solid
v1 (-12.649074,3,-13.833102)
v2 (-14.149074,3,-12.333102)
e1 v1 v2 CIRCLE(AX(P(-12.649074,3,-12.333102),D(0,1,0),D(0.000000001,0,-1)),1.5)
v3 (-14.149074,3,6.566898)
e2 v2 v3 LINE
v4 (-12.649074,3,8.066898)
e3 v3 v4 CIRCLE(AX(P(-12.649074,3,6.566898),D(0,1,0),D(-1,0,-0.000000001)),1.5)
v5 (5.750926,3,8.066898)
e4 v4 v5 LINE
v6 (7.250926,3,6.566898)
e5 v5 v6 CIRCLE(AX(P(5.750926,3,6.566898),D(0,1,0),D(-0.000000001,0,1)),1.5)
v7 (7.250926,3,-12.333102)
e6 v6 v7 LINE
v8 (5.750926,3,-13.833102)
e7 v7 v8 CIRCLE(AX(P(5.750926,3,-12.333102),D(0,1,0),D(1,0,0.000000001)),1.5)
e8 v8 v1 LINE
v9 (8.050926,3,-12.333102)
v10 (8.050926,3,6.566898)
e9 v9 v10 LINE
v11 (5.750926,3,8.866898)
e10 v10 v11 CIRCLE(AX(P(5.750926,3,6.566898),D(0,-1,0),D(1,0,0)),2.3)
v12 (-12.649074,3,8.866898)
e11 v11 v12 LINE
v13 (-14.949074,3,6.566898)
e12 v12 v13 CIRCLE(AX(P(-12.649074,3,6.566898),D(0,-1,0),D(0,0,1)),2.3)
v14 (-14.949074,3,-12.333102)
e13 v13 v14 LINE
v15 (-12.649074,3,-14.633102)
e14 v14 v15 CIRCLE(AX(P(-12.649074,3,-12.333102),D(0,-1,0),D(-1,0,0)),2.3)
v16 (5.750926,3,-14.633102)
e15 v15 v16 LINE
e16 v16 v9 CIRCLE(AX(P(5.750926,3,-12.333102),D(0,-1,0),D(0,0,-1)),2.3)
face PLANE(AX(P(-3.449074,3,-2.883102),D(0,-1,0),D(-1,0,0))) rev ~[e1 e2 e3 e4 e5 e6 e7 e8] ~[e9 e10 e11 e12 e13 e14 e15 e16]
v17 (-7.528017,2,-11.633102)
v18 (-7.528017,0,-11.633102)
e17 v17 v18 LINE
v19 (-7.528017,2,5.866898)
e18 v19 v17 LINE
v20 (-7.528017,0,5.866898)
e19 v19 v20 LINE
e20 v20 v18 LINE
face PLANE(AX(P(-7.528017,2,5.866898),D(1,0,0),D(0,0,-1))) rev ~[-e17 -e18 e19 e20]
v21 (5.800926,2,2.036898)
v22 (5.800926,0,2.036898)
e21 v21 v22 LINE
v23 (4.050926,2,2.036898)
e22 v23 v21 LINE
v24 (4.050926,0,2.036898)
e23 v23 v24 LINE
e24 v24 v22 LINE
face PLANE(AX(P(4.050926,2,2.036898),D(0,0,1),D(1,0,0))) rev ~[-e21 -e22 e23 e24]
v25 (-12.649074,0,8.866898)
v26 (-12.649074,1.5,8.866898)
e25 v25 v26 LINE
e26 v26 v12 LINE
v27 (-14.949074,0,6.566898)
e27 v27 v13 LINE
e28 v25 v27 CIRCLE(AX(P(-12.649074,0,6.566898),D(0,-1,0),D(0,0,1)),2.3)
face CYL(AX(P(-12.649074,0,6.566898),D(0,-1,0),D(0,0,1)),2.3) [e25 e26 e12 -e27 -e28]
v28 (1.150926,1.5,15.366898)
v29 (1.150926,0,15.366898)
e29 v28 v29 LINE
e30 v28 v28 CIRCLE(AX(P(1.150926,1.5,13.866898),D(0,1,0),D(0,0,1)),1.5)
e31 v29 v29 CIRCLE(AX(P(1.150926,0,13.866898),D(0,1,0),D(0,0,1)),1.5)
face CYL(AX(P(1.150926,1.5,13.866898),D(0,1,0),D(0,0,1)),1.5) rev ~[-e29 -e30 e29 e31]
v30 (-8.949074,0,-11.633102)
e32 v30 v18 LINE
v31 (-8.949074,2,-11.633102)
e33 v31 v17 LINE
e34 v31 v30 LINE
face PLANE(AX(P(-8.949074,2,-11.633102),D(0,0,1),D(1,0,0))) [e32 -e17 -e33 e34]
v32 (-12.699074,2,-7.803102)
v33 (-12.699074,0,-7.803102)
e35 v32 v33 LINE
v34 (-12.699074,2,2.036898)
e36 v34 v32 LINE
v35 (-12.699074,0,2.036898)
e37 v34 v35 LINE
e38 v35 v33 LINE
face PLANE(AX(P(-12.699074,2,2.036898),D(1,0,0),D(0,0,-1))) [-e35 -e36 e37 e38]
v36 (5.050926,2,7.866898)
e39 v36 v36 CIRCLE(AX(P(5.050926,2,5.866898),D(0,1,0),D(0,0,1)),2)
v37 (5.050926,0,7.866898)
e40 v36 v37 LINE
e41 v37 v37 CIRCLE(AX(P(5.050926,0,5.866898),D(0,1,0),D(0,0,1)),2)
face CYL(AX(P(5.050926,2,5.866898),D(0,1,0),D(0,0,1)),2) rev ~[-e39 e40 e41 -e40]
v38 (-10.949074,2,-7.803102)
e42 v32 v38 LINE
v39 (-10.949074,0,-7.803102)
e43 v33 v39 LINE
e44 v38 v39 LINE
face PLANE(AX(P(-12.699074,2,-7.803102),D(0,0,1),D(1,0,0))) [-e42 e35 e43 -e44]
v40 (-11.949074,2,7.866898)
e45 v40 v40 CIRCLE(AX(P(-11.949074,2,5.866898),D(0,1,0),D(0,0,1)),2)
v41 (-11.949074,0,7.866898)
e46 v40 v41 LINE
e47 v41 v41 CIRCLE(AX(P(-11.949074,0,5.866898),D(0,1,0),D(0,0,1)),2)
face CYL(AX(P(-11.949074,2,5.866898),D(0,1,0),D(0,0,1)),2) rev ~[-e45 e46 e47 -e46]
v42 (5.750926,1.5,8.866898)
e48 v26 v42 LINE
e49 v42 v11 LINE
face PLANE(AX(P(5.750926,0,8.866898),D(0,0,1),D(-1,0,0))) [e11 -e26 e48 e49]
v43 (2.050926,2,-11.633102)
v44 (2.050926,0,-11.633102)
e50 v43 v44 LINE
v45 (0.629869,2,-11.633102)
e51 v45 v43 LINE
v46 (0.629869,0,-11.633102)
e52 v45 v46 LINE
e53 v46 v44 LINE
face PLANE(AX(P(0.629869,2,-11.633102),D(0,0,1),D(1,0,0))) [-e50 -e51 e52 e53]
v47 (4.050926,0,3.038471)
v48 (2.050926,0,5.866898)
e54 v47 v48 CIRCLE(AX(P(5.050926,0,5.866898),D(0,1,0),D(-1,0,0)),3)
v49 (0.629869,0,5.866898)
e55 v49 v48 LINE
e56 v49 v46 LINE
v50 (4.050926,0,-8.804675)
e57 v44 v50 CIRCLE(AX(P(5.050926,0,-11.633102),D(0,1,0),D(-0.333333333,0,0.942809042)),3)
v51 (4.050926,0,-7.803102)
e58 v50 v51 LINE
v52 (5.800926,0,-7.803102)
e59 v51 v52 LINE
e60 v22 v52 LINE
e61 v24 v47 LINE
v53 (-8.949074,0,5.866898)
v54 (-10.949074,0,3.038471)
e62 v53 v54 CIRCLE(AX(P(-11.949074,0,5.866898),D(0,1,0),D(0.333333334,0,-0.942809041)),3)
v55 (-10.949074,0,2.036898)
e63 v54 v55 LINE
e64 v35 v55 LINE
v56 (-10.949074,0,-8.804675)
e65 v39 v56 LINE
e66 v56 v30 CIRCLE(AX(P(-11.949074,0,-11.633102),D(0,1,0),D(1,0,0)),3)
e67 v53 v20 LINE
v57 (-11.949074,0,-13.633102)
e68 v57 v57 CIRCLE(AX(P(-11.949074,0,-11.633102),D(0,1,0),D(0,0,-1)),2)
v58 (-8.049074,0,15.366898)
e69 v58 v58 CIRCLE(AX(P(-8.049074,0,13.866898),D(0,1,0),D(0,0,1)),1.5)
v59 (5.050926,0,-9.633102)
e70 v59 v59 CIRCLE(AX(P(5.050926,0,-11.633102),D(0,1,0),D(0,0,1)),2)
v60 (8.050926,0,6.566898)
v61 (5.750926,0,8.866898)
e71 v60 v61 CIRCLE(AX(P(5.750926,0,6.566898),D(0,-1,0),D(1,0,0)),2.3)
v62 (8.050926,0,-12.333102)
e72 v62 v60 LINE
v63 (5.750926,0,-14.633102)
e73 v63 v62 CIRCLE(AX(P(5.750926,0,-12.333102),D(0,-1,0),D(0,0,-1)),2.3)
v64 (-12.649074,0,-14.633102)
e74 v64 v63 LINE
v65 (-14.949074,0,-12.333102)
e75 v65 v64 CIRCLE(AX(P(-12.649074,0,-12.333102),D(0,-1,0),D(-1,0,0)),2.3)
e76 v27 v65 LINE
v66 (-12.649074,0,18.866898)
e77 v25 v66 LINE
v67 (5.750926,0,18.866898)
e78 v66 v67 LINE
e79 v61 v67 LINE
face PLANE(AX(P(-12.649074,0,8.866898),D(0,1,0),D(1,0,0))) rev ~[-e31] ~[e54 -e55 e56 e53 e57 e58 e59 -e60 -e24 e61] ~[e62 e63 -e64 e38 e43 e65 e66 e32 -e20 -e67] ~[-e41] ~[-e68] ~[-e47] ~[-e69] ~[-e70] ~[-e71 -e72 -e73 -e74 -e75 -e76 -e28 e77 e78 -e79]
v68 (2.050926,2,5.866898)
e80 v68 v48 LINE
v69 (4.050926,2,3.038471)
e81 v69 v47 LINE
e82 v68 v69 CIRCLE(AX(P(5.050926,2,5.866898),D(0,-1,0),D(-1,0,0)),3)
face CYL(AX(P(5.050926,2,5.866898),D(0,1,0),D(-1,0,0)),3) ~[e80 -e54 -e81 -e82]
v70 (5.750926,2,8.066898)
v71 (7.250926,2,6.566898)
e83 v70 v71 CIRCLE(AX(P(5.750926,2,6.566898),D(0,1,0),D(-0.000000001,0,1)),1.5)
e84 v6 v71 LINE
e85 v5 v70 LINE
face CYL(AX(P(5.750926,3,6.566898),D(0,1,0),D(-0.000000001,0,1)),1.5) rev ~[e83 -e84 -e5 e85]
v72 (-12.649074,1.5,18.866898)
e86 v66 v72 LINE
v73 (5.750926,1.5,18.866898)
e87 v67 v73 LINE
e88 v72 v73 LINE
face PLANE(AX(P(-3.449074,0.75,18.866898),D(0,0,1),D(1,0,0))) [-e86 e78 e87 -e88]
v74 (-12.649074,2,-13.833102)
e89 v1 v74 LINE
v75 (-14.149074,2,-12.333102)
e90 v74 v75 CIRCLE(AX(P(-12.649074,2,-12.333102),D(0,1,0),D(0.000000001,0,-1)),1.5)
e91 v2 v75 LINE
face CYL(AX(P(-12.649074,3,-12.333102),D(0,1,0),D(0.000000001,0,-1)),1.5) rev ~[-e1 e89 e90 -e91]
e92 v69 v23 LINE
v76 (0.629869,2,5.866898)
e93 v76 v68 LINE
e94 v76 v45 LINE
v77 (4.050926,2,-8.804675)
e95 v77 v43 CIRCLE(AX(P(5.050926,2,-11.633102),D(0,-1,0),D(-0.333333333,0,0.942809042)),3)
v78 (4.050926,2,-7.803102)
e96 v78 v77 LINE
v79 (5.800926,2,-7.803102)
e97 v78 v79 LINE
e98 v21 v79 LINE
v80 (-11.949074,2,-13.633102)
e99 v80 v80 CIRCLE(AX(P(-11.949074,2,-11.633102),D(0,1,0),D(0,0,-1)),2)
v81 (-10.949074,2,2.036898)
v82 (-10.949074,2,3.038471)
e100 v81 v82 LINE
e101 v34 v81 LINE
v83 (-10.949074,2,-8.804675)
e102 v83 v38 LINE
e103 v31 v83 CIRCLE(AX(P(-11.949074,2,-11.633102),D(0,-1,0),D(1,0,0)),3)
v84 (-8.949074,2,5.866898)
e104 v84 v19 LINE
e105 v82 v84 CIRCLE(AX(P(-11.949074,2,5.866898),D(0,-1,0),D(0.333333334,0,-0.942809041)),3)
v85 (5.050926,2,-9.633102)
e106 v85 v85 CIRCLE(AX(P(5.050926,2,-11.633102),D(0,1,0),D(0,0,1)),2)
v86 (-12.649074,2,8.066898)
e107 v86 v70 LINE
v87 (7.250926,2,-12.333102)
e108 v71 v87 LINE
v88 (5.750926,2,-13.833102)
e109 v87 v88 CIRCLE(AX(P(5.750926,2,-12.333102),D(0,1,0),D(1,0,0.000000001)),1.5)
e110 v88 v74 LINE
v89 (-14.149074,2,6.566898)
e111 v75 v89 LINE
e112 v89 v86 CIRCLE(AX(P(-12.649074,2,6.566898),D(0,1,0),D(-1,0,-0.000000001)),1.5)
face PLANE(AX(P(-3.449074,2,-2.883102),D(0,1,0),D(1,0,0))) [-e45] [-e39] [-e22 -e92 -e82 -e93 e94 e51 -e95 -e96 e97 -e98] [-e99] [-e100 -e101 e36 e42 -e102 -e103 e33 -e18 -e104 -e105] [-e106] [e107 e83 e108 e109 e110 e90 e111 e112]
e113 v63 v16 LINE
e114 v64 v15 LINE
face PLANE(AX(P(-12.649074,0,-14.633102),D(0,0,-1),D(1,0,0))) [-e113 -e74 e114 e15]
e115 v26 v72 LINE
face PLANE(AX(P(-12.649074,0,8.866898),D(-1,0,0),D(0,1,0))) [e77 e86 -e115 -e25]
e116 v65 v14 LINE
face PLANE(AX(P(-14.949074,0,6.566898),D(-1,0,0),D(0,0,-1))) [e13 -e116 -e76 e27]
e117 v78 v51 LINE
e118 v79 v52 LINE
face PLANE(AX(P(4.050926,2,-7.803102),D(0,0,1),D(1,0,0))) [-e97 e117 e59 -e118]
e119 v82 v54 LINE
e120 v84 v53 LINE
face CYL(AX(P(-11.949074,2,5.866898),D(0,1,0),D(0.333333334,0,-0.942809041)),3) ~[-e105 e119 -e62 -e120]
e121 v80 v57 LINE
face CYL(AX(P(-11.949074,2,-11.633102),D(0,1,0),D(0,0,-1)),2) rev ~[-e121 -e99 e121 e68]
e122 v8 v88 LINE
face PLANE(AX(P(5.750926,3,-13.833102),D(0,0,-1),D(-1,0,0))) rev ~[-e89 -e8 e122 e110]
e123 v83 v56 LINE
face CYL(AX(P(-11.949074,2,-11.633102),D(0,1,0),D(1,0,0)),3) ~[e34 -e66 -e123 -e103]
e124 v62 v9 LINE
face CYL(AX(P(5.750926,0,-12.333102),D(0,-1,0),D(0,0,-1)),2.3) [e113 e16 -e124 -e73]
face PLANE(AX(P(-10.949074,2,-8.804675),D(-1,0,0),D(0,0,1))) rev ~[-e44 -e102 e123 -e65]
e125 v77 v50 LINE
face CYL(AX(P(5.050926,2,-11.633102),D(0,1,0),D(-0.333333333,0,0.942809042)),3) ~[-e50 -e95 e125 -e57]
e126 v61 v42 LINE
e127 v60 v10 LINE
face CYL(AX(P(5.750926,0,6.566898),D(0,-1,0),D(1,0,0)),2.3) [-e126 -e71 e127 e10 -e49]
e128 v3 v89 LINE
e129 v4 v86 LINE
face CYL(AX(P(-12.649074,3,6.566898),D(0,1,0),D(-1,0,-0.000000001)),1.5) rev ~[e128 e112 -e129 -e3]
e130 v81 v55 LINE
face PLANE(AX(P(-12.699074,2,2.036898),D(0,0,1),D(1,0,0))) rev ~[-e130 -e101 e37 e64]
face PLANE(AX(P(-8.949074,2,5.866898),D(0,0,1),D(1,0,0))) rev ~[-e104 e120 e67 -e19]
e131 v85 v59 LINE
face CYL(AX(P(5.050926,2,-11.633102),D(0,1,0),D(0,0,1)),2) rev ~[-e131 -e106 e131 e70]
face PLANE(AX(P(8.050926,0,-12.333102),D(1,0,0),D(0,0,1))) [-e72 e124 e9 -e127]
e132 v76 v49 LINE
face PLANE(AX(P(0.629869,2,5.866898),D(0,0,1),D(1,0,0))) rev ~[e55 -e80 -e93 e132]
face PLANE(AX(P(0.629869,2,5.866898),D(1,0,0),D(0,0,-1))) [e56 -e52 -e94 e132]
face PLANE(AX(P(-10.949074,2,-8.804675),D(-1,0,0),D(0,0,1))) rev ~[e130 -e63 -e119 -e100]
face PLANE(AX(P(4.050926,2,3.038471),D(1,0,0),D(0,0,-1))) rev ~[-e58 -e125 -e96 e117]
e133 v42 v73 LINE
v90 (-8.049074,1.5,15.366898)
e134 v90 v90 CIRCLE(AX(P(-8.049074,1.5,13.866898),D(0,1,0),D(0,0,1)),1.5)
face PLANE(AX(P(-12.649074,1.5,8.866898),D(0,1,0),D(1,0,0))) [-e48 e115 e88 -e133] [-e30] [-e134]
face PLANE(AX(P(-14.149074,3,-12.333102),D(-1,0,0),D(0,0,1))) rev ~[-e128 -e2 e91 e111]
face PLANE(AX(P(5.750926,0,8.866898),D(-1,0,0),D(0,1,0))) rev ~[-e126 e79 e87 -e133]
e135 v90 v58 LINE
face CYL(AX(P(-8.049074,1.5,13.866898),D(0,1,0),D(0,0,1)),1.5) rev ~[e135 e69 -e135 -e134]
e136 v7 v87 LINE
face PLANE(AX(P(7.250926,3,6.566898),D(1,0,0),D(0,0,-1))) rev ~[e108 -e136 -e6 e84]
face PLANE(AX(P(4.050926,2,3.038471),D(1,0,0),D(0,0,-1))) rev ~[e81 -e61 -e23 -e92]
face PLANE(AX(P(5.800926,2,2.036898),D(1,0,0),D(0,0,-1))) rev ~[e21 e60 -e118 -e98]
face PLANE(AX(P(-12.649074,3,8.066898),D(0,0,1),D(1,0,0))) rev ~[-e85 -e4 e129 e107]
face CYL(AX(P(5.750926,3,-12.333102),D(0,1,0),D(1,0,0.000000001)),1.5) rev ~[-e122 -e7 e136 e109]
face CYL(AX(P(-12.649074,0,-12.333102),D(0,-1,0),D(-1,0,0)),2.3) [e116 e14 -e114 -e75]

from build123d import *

# Parameters (mm, degrees)
BOSS_EXTRUDE1_DEPTH = 3
CUT_EXTRUDE2_DEPTH  = 1
SKETCH5_R           = 2
CUT_EXTRUDE3_DEPTH  = 22.014339996
CUT_EXTRUDE4_DEPTH  = 22.014339996
SKETCH7_W           = 18.4
SKETCH7_H           = 1.5
BOSS_EXTRUDE2_DEPTH = 10
SKETCH8_R           = 1.5
CUT_EXTRUDE5_DEPTH  = 25.118139675
CUT_EXTRUDE6_DEPTH  = 1
SKETCH11_W          = 1.421057218
SKETCH11_H          = 17.5
SKETCH11_W_2        = 1.75
SKETCH11_H_2        = 9.84
CUT_EXTRUDE7_DEPTH  = 25.154392176


with BuildPart() as part:
    # Sketch1 → Boss-Extrude1 (new body)
    with BuildSketch(Plane(origin=(0, 0, 0), x_dir=(1, 0, 0), z_dir=(0, 1, 0))):
        with BuildLine():
            Line((-12.649074074, 14.633101852), (5.750925926, 14.633101852))
            ThreePointArc((5.750925926, 14.633101852), (7.377271523, 13.959447449), (8.050925926, 12.333101852))
            Line((8.050925926, 12.333101852), (8.050925926, -6.566898148))
            ThreePointArc((8.050925926, -6.566898148), (7.377271523, -8.193243745), (5.750925926, -8.866898148))
            Line((5.750925926, -8.866898148), (-12.649074074, -8.866898148))
            ThreePointArc((-12.649074074, -8.866898148), (-14.275419671, -8.193243745), (-14.949074074, -6.566898148))
            Line((-14.949074074, -6.566898148), (-14.949074074, 12.333101852))
            ThreePointArc((-14.949074074, 12.333101852), (-14.275419671, 13.959447449), (-12.649074074, 14.633101852))
        make_face()
    extrude(amount=BOSS_EXTRUDE1_DEPTH)

    # Sketch2 → Cut-Extrude2 (cut)
    with BuildSketch(Plane(origin=(0, 3, 0), x_dir=(1, 0, 0), z_dir=(0, 1, 0))):
        with BuildLine():
            Line((5.750925926, 13.633101852), (-12.649074074, 13.633101852))
            ThreePointArc((-12.649074074, 13.633101852), (-13.56831289, 13.252340667), (-13.949074074, 12.333101852))
            Line((-13.949074074, 12.333101852), (-13.949074074, -6.566898148))
            ThreePointArc((-13.949074074, -6.566898148), (-13.56831289, -7.486136964), (-12.649074074, -7.866898148))
            Line((-12.649074074, -7.866898148), (5.750925926, -7.866898148))
            ThreePointArc((5.750925926, -7.866898148), (6.670164741, -7.486136964), (7.050925926, -6.566898148))
            Line((7.050925926, -6.566898148), (7.050925926, 12.333101852))
            ThreePointArc((7.050925926, 12.333101852), (6.670164741, 13.252340667), (5.750925926, 13.633101852))
        make_face()
    extrude(amount=-CUT_EXTRUDE2_DEPTH, mode=Mode.SUBTRACT)

    # Sketch5 → Cut-Extrude3 (cut, through all)
    with BuildSketch(Plane(origin=(0, 2, 0), x_dir=(1, 0, 0), z_dir=(0, 1, 0))):
        with Locations(Location((5.050925926, 11.633101852, 0), (0, 0, 270))):
            Circle(SKETCH5_R)
        with Locations(Location((5.050925926, -5.866898148, 0), (0, 0, 270))):
            Circle(SKETCH5_R)
        with Locations(Location((-11.949074074, -5.866898148, 0), (0, 0, 270))):
            Circle(SKETCH5_R)
        with Locations(Location((-11.949074074, 11.633101852, 0), (0, 0, 90))):
            Circle(SKETCH5_R)
    extrude(amount=-CUT_EXTRUDE3_DEPTH, mode=Mode.SUBTRACT)

    # Sketch6 → Cut-Extrude4 (cut, through all)
    with BuildSketch(Plane(origin=(0, 2, 0), x_dir=(1, 0, 0), z_dir=(0, 1, 0))):
        with BuildLine():
            Line((4.050925926, -3.038471023), (4.050925926, 8.804674727))
            ThreePointArc((4.050925926, 8.804674727), (2.601436183, 9.901051044), (2.050925926, 11.633101852))
            Line((2.050925926, 11.633101852), (2.050925926, -5.866898148))
            ThreePointArc((2.050925926, -5.866898148), (2.601436183, -4.134847341), (4.050925926, -3.038471023))
        make_face()
        with BuildLine():
            Line((-10.949074074, 8.804674727), (-10.949074074, -3.038471023))
            ThreePointArc((-10.949074074, -3.038471023), (-9.499584331, -4.134847341), (-8.949074074, -5.866898148))
            Line((-8.949074074, -5.866898148), (-8.949074074, 11.633101852))
            ThreePointArc((-8.949074074, 11.633101852), (-9.499584331, 9.901051044), (-10.949074074, 8.804674727))
        make_face()
    extrude(amount=-CUT_EXTRUDE4_DEPTH, mode=Mode.SUBTRACT)

    # Sketch7 → Boss-Extrude2 (add)
    with BuildSketch(Plane.XY.offset(8.866898148)):
        with Locations((-3.449074074, 0.75)):
            Rectangle(SKETCH7_W, SKETCH7_H)
    extrude(amount=BOSS_EXTRUDE2_DEPTH)

    # Sketch8 → Cut-Extrude5 (cut, through all)
    with BuildSketch(Plane(origin=(0, 1.5, 0), x_dir=(1, 0, 0), z_dir=(0, 1, 0))):
        with Locations(Location((1.150925926, -13.866898148, 0), (0, 0, 270))):
            Circle(SKETCH8_R)
        with Locations(Location((-8.049074074, -13.866898148, 0), (0, 0, 270))):
            Circle(SKETCH8_R)
    extrude(amount=-CUT_EXTRUDE5_DEPTH, mode=Mode.SUBTRACT)

    # Sketch9 → Cut-Extrude6 (cut)
    with BuildSketch(Plane(origin=(0, 3, 0), x_dir=(1, 0, 0), z_dir=(0, 1, 0))):
        with BuildLine():
            Line((5.750925926, 13.833101852), (-12.649074074, 13.833101852))
            ThreePointArc((-12.649074074, 13.833101852), (-13.709734246, 13.393762024), (-14.149074074, 12.333101852))
            Line((-14.149074074, 12.333101852), (-14.149074074, -6.566898148))
            ThreePointArc((-14.149074074, -6.566898148), (-13.709734246, -7.62755832), (-12.649074074, -8.066898148))
            Line((-12.649074074, -8.066898148), (5.750925926, -8.066898148))
            ThreePointArc((5.750925926, -8.066898148), (6.811586098, -7.62755832), (7.250925926, -6.566898148))
            Line((7.250925926, -6.566898148), (7.250925926, 12.333101852))
            ThreePointArc((7.250925926, 12.333101852), (6.811586098, 13.393762024), (5.750925926, 13.833101852))
        make_face()
    extrude(amount=-CUT_EXTRUDE6_DEPTH, mode=Mode.SUBTRACT)

    # Sketch11 → Cut-Extrude7 (cut, through all)
    with BuildSketch(Plane(origin=(0, 2, 0), x_dir=(1, 0, 0), z_dir=(0, 1, 0))):
        with Locations((-8.238545465, 2.883101852)):
            Rectangle(SKETCH11_W, SKETCH11_H)
        with Locations((1.340397317, 2.883101852)):
            Rectangle(SKETCH11_W, SKETCH11_H)
        with Locations((-11.824074074, 2.883101852)):
            Rectangle(SKETCH11_W_2, SKETCH11_H_2)
        with Locations((4.925925926, 2.883101852)):
            Rectangle(SKETCH11_W_2, SKETCH11_H_2)
    extrude(amount=-CUT_EXTRUDE7_DEPTH, mode=Mode.SUBTRACT)


solid = part.part
